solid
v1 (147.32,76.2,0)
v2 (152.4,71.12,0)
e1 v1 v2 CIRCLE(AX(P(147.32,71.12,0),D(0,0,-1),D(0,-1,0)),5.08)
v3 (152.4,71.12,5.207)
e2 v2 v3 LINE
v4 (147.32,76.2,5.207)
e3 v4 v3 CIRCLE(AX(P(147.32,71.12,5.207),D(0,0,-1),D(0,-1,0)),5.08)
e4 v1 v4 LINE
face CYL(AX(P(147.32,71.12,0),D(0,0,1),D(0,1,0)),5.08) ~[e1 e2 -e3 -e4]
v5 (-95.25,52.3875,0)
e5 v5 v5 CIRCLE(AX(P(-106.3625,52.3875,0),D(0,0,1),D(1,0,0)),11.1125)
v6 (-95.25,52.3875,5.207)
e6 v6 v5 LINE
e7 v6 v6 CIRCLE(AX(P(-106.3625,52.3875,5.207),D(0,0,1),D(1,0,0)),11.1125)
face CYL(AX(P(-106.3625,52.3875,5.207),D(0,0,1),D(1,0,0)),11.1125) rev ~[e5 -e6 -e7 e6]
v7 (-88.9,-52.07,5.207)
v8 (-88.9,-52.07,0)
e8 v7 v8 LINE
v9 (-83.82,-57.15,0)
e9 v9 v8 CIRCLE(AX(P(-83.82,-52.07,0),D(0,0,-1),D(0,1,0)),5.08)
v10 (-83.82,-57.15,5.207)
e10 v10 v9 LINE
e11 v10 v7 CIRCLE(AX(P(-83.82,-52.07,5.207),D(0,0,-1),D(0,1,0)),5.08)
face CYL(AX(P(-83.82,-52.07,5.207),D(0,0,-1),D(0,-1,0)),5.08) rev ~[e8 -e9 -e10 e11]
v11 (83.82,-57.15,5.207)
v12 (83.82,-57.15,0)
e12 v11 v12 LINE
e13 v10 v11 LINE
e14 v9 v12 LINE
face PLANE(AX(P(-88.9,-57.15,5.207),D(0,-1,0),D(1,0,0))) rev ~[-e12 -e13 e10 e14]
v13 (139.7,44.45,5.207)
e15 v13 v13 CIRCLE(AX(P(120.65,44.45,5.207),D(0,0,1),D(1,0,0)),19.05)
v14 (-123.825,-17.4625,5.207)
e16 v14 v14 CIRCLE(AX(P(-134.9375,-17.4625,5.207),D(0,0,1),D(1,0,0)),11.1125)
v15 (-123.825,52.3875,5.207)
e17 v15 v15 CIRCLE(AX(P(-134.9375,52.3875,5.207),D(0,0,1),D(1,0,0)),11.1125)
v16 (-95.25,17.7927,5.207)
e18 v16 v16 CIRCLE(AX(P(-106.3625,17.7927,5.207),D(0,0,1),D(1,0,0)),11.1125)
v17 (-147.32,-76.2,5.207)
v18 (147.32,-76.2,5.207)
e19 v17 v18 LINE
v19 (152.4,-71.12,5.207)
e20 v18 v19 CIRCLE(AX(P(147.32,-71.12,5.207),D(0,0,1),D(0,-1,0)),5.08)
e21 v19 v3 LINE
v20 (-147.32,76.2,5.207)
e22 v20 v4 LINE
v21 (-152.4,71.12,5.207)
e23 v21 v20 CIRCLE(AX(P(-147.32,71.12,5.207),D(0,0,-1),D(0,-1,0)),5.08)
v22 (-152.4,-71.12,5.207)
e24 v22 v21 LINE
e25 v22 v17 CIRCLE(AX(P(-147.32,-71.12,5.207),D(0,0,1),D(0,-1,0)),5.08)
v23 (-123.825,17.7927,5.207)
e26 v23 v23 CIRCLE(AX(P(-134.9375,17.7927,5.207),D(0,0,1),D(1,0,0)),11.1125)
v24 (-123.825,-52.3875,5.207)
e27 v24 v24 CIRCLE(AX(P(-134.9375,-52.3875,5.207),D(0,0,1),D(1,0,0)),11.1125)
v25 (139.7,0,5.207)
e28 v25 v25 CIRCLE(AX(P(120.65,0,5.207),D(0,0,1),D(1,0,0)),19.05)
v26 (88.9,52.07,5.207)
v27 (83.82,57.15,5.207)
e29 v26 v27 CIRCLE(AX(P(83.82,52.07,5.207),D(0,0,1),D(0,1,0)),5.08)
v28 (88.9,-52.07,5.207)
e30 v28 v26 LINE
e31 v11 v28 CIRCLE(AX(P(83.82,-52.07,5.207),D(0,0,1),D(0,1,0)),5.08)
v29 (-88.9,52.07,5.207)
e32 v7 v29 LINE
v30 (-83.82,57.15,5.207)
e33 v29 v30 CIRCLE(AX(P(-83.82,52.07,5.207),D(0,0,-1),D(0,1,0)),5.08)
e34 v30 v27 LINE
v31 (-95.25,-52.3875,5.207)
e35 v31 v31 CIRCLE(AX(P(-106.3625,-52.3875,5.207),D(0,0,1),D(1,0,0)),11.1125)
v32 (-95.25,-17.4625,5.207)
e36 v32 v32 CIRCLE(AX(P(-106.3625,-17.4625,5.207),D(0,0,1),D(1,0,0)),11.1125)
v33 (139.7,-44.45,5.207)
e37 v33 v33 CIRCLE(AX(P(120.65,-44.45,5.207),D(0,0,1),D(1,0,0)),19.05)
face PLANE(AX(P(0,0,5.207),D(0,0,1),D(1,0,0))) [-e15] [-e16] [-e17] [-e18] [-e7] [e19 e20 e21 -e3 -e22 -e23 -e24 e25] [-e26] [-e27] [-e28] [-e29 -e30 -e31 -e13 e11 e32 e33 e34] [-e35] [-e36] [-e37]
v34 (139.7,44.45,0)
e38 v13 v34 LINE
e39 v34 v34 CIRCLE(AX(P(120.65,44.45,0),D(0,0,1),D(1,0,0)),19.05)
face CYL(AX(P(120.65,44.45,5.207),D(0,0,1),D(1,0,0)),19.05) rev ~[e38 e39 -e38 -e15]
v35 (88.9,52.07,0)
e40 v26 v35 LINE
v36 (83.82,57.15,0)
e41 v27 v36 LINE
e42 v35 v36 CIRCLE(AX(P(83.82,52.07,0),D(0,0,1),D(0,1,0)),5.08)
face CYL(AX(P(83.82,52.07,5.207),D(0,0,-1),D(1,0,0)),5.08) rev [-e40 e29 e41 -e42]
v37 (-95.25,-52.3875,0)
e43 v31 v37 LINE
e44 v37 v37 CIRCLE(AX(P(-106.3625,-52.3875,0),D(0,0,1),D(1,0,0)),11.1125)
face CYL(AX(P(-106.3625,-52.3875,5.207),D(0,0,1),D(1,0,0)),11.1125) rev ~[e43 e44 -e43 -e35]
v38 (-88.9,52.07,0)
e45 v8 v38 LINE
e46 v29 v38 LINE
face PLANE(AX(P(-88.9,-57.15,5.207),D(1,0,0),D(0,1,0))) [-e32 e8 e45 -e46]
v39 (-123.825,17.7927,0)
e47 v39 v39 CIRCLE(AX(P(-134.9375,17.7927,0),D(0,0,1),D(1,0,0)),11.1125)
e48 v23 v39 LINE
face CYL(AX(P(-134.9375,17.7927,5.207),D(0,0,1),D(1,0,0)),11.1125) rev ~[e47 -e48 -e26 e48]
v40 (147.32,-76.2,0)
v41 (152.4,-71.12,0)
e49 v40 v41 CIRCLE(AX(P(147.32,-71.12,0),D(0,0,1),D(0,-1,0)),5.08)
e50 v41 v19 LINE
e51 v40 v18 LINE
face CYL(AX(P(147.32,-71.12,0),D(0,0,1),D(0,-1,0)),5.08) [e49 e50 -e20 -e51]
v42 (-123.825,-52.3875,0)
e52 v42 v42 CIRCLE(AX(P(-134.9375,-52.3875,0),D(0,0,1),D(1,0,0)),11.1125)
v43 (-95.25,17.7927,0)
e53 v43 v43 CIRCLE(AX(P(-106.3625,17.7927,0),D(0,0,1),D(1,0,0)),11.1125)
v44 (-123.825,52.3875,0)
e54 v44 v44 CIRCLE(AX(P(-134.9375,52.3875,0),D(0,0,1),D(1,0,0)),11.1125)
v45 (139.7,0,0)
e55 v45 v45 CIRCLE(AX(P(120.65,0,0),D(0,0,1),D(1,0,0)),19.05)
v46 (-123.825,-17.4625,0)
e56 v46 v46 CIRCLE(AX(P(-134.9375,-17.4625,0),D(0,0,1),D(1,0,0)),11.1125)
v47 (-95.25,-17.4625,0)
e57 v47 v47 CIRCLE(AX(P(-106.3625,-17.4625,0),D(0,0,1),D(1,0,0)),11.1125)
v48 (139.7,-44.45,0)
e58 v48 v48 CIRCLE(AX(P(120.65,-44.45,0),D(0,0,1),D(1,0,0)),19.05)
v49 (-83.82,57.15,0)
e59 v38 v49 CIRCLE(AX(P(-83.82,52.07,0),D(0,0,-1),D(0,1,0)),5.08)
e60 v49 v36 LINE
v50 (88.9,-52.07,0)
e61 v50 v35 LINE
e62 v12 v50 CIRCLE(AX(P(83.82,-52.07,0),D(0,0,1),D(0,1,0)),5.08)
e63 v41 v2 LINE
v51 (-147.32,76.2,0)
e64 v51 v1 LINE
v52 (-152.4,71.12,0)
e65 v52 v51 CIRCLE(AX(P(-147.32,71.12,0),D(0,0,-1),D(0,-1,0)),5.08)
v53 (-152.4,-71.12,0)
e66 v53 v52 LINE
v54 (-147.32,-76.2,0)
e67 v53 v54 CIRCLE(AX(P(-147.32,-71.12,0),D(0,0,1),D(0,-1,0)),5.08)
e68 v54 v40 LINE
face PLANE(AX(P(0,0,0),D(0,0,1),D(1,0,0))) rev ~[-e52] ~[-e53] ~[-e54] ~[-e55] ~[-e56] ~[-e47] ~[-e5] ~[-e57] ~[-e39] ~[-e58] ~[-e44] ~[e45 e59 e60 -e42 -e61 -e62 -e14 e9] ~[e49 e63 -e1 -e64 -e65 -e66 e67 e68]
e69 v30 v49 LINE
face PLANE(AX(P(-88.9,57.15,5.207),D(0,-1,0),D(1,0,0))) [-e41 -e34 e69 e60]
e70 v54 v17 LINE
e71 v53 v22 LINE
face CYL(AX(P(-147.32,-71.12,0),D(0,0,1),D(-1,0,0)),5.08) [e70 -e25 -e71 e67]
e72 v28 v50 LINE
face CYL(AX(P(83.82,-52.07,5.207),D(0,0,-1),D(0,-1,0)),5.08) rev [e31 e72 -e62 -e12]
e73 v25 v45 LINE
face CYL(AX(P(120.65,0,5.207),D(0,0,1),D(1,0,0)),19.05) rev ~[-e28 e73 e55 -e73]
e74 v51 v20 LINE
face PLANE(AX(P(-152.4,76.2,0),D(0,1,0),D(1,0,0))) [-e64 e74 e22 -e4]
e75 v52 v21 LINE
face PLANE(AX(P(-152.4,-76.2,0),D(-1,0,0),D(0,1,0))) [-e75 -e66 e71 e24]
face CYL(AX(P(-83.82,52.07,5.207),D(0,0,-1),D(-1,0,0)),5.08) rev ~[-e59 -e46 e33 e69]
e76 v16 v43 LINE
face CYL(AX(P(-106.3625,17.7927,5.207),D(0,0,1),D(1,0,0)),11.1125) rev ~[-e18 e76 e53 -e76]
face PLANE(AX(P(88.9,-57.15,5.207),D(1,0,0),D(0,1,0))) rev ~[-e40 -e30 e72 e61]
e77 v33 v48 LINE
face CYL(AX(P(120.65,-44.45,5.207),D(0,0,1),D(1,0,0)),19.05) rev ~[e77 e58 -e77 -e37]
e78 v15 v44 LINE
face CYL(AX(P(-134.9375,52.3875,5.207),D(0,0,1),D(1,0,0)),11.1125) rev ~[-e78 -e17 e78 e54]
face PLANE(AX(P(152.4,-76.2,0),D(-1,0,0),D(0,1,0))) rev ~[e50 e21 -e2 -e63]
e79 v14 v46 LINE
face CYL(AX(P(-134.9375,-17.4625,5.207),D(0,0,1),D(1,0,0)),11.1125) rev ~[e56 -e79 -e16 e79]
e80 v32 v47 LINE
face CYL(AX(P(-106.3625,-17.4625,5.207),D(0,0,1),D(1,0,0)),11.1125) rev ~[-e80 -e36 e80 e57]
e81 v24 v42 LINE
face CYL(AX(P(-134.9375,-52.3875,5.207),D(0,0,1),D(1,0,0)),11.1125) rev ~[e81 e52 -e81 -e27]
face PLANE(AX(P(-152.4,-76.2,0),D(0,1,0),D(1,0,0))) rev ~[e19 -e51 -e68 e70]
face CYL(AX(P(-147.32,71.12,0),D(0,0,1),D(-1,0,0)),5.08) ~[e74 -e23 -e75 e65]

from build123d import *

# Parameters (mm, degrees)
F0_W     = 304.8
F0_H     = 152.4
F1_DEPTH = 5.207
F2_W     = 177.8
F2_H     = 114.3
F3_DEPTH = 5.208
F4_R     = 19.05
F5_DEPTH = 5.208
F6_R     = 11.1125
F7_DEPTH = 5.208
F10_R    = 5.08
F11_R    = 5.08


with BuildPart() as f1:
    # F0 (on Top) → F1 (new body)
    with BuildSketch(Plane.XY):
        Rectangle(F0_W, F0_H)
    extrude(amount=F1_DEPTH)

    # F2 (on face) → F3 (cut, through all)
    with BuildSketch(Plane.XY.offset(5.207)):
        Rectangle(F2_W, F2_H)
    extrude(amount=-F3_DEPTH, mode=Mode.SUBTRACT)

    # F4 (on face) → F5 (cut, through all)
    with BuildSketch(Plane.XY.offset(5.207)):
        with Locations((120.65, -44.45)):
            Circle(F4_R)
        with Locations((120.65, 0)):
            Circle(F4_R)
        with Locations((120.65, 44.45)):
            Circle(F4_R)
    extrude(amount=-F5_DEPTH, mode=Mode.SUBTRACT)

    # F6 (on face) → F7 (cut, through all)
    with BuildSketch(Plane.XY.offset(5.207)):
        with Locations((-134.9375, 52.3875)):
            Circle(F6_R)
        with Locations((-106.3625, 52.3875)):
            Circle(F6_R)
        with Locations((-134.9375, 17.7927)):
            Circle(F6_R)
        with Locations((-106.3625, 17.7927)):
            Circle(F6_R)
        with Locations((-134.9375, -17.4625)):
            Circle(F6_R)
        with Locations((-106.3625, -17.4625)):
            Circle(F6_R)
        with Locations((-134.9375, -52.3875)):
            Circle(F6_R)
        with Locations((-106.3625, -52.3875)):
            Circle(F6_R)
    extrude(amount=-F7_DEPTH, mode=Mode.SUBTRACT)

    # F10
    f10_edges = [f1.edges().sort_by_distance(p)[0] for p in [
        (-152.4, -76.2, 2.6035),
        (-152.4, 76.2, 2.6035),
        (152.4, 76.2, 2.6035),
        (152.4, -76.2, 2.6035),
    ]]
    fillet(f10_edges, radius=F10_R)

    # F11
    f11_edges = [f1.edges().sort_by_distance(p)[0] for p in [
        (-88.9, 57.15, 2.6035),
        (-88.9, -57.15, 2.6035),
        (88.9, 57.15, 2.6035),
        (88.9, -57.15, 2.6035),
    ]]
    fillet(f11_edges, radius=F11_R)


with BuildPart() as f8_1:
    # F8: copy of F1
    add(f1.part)


solid = f1.part
